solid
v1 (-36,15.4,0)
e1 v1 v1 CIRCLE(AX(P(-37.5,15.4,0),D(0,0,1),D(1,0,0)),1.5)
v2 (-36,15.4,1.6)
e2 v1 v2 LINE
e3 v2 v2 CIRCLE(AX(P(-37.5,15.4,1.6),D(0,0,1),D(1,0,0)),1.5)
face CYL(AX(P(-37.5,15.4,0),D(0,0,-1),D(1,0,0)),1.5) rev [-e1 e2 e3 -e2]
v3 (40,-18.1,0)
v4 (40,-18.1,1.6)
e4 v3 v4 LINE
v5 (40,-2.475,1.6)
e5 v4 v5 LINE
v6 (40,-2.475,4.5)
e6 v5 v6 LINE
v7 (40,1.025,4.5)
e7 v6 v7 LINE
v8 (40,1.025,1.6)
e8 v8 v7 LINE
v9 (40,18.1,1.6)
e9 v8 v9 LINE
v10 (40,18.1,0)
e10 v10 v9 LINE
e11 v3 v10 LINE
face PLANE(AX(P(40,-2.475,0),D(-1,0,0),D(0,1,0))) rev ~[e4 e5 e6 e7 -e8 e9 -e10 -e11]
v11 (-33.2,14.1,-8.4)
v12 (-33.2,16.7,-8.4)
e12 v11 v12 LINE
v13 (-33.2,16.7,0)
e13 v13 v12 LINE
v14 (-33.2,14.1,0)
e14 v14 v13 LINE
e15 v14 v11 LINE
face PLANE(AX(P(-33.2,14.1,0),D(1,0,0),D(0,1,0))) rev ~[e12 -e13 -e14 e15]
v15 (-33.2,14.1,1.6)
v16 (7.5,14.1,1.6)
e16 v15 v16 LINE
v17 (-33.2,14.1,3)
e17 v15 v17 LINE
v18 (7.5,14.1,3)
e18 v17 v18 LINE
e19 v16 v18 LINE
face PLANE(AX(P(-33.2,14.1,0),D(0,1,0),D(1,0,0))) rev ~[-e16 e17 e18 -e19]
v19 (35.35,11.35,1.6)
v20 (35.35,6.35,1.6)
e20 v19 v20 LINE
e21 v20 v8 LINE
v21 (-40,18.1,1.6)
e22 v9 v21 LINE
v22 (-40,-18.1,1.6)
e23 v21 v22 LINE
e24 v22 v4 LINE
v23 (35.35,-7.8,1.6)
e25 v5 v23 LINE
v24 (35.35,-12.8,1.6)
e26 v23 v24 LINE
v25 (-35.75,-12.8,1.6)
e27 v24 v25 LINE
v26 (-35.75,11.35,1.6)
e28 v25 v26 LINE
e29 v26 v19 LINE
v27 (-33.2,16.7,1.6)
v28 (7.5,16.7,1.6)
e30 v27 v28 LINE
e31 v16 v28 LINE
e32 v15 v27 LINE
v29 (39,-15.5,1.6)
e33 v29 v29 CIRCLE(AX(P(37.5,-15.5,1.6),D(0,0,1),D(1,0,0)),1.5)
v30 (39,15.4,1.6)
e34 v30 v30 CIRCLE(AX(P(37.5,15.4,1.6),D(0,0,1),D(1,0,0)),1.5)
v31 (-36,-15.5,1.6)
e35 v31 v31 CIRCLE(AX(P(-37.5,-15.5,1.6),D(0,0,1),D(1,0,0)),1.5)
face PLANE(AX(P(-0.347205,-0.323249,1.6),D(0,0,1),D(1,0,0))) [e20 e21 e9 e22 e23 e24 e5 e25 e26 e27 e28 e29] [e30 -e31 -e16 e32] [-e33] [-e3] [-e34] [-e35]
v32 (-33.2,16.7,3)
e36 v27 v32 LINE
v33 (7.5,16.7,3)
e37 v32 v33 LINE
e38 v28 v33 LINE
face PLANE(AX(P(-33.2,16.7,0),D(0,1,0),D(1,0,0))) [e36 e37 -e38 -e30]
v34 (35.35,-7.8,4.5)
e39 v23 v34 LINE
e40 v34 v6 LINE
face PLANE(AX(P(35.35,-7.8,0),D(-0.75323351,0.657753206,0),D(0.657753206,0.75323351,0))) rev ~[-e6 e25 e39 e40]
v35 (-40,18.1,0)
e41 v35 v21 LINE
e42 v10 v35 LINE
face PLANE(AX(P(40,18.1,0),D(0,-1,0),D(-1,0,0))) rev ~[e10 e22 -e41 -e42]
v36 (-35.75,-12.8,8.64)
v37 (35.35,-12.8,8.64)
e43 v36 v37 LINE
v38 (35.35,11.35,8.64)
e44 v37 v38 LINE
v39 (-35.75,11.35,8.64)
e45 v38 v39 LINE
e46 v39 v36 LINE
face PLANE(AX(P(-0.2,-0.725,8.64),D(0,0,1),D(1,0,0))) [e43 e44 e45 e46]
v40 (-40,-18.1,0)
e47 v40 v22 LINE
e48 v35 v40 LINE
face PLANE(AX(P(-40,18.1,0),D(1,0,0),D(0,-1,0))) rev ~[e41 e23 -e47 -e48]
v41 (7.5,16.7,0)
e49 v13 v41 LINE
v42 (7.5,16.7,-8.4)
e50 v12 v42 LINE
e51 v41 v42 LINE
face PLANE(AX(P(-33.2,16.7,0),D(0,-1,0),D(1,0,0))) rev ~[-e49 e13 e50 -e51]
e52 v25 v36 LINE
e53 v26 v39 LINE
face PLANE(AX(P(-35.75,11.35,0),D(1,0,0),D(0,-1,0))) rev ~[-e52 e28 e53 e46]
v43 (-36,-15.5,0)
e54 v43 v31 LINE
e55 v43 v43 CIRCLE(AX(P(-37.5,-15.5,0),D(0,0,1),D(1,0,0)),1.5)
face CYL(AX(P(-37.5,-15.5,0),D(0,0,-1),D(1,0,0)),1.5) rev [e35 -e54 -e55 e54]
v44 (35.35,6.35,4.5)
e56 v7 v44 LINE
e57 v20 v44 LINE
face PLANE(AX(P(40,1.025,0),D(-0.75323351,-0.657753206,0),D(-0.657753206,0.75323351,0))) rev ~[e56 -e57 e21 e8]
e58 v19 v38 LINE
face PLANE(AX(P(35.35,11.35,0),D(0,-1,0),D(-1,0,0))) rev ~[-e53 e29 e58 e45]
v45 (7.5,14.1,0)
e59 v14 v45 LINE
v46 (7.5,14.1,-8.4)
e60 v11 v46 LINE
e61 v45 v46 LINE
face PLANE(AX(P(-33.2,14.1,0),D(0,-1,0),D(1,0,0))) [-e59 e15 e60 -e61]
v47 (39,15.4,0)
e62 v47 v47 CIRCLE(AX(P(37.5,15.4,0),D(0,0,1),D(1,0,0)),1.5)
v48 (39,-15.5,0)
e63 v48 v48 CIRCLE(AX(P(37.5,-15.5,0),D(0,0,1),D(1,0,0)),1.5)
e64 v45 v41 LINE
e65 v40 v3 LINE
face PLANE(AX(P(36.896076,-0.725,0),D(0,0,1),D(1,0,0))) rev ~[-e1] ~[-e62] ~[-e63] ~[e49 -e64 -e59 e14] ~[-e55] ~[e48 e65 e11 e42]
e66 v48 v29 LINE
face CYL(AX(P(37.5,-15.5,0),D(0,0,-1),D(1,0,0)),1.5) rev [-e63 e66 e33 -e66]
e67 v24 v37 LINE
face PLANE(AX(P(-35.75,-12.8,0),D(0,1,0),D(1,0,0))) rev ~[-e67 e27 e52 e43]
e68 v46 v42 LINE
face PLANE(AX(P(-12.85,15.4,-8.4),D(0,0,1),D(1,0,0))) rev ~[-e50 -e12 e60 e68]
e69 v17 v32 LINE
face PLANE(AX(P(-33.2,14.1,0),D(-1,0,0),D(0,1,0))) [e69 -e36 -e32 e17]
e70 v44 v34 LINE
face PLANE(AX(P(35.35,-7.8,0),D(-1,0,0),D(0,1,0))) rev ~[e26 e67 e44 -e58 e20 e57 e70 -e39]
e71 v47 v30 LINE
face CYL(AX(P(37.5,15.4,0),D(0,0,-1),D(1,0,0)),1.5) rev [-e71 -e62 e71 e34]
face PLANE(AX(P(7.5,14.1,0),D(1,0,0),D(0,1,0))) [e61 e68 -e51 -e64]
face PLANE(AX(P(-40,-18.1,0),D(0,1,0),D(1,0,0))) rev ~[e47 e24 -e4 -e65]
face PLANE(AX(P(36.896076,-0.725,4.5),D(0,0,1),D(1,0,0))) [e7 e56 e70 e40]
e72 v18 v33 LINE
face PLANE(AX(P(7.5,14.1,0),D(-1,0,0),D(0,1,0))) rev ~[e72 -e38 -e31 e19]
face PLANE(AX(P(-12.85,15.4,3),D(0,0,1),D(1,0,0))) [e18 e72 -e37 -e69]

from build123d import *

# Parameters (mm, degrees)
F0_R          = 1.5
F0_W          = 40.7
F0_H          = 2.6
F1_DEPTH      = 1.6
F2_DEPTH      = 8.64
F3_DEPTH      = 8.4
F3_DEPTH_BACK = 3
F4_DEPTH      = 4.5


with BuildPart() as f1:
    # F0 (on Top) → F1 (new body)
    with BuildSketch(Plane.XY):
        Polygon((40, 18.1), (-40, 18.1), (-40, -18.1), (40, -18.1), (40, -2.475), (35.35, -7.8), (35.35, -12.8), (-35.75, -12.8), (-35.75, 11.35), (35.35, 11.35), (35.35, 6.35), (40, 1.025), align=None)
        with Locations((-37.5, -15.5)):
            Circle(F0_R, mode=Mode.SUBTRACT)
        with Locations((37.5, -15.5)):
            Circle(F0_R, mode=Mode.SUBTRACT)
        with Locations((-37.5, 15.4)):
            Circle(F0_R, mode=Mode.SUBTRACT)
        with Locations((-12.85, 15.4)):
            Rectangle(F0_W, F0_H, mode=Mode.SUBTRACT)
        with Locations((37.5, 15.4)):
            Circle(F0_R, mode=Mode.SUBTRACT)
        Polygon((35.35, -7.8), (35.35, 6.35), (35.35, 11.35), (-35.75, 11.35), (-35.75, -12.8), (35.35, -12.8), align=None)
    extrude(amount=F1_DEPTH)

    # F0 (on Top) → F2 (join)
    with BuildSketch(Plane.XY):
        Polygon((35.35, -7.8), (35.35, 6.35), (35.35, 11.35), (-35.75, 11.35), (-35.75, -12.8), (35.35, -12.8), align=None)
    extrude(amount=F2_DEPTH)

    # F0 (on Top) → F3 (join, two sides)
    with BuildSketch(Plane.XY) as f3_sk:
        with Locations((-12.85, 15.4)):
            Rectangle(F0_W, F0_H)
    extrude(amount=-F3_DEPTH)
    extrude(f3_sk.sketch, amount=F3_DEPTH_BACK)

    # F0 (on Top) → F4 (join)
    with BuildSketch(Plane.XY):
        Polygon((40, -2.475), (40, 1.025), (35.35, 6.35), (35.35, -7.8), align=None)
    extrude(amount=F4_DEPTH)


solid = f1.part
